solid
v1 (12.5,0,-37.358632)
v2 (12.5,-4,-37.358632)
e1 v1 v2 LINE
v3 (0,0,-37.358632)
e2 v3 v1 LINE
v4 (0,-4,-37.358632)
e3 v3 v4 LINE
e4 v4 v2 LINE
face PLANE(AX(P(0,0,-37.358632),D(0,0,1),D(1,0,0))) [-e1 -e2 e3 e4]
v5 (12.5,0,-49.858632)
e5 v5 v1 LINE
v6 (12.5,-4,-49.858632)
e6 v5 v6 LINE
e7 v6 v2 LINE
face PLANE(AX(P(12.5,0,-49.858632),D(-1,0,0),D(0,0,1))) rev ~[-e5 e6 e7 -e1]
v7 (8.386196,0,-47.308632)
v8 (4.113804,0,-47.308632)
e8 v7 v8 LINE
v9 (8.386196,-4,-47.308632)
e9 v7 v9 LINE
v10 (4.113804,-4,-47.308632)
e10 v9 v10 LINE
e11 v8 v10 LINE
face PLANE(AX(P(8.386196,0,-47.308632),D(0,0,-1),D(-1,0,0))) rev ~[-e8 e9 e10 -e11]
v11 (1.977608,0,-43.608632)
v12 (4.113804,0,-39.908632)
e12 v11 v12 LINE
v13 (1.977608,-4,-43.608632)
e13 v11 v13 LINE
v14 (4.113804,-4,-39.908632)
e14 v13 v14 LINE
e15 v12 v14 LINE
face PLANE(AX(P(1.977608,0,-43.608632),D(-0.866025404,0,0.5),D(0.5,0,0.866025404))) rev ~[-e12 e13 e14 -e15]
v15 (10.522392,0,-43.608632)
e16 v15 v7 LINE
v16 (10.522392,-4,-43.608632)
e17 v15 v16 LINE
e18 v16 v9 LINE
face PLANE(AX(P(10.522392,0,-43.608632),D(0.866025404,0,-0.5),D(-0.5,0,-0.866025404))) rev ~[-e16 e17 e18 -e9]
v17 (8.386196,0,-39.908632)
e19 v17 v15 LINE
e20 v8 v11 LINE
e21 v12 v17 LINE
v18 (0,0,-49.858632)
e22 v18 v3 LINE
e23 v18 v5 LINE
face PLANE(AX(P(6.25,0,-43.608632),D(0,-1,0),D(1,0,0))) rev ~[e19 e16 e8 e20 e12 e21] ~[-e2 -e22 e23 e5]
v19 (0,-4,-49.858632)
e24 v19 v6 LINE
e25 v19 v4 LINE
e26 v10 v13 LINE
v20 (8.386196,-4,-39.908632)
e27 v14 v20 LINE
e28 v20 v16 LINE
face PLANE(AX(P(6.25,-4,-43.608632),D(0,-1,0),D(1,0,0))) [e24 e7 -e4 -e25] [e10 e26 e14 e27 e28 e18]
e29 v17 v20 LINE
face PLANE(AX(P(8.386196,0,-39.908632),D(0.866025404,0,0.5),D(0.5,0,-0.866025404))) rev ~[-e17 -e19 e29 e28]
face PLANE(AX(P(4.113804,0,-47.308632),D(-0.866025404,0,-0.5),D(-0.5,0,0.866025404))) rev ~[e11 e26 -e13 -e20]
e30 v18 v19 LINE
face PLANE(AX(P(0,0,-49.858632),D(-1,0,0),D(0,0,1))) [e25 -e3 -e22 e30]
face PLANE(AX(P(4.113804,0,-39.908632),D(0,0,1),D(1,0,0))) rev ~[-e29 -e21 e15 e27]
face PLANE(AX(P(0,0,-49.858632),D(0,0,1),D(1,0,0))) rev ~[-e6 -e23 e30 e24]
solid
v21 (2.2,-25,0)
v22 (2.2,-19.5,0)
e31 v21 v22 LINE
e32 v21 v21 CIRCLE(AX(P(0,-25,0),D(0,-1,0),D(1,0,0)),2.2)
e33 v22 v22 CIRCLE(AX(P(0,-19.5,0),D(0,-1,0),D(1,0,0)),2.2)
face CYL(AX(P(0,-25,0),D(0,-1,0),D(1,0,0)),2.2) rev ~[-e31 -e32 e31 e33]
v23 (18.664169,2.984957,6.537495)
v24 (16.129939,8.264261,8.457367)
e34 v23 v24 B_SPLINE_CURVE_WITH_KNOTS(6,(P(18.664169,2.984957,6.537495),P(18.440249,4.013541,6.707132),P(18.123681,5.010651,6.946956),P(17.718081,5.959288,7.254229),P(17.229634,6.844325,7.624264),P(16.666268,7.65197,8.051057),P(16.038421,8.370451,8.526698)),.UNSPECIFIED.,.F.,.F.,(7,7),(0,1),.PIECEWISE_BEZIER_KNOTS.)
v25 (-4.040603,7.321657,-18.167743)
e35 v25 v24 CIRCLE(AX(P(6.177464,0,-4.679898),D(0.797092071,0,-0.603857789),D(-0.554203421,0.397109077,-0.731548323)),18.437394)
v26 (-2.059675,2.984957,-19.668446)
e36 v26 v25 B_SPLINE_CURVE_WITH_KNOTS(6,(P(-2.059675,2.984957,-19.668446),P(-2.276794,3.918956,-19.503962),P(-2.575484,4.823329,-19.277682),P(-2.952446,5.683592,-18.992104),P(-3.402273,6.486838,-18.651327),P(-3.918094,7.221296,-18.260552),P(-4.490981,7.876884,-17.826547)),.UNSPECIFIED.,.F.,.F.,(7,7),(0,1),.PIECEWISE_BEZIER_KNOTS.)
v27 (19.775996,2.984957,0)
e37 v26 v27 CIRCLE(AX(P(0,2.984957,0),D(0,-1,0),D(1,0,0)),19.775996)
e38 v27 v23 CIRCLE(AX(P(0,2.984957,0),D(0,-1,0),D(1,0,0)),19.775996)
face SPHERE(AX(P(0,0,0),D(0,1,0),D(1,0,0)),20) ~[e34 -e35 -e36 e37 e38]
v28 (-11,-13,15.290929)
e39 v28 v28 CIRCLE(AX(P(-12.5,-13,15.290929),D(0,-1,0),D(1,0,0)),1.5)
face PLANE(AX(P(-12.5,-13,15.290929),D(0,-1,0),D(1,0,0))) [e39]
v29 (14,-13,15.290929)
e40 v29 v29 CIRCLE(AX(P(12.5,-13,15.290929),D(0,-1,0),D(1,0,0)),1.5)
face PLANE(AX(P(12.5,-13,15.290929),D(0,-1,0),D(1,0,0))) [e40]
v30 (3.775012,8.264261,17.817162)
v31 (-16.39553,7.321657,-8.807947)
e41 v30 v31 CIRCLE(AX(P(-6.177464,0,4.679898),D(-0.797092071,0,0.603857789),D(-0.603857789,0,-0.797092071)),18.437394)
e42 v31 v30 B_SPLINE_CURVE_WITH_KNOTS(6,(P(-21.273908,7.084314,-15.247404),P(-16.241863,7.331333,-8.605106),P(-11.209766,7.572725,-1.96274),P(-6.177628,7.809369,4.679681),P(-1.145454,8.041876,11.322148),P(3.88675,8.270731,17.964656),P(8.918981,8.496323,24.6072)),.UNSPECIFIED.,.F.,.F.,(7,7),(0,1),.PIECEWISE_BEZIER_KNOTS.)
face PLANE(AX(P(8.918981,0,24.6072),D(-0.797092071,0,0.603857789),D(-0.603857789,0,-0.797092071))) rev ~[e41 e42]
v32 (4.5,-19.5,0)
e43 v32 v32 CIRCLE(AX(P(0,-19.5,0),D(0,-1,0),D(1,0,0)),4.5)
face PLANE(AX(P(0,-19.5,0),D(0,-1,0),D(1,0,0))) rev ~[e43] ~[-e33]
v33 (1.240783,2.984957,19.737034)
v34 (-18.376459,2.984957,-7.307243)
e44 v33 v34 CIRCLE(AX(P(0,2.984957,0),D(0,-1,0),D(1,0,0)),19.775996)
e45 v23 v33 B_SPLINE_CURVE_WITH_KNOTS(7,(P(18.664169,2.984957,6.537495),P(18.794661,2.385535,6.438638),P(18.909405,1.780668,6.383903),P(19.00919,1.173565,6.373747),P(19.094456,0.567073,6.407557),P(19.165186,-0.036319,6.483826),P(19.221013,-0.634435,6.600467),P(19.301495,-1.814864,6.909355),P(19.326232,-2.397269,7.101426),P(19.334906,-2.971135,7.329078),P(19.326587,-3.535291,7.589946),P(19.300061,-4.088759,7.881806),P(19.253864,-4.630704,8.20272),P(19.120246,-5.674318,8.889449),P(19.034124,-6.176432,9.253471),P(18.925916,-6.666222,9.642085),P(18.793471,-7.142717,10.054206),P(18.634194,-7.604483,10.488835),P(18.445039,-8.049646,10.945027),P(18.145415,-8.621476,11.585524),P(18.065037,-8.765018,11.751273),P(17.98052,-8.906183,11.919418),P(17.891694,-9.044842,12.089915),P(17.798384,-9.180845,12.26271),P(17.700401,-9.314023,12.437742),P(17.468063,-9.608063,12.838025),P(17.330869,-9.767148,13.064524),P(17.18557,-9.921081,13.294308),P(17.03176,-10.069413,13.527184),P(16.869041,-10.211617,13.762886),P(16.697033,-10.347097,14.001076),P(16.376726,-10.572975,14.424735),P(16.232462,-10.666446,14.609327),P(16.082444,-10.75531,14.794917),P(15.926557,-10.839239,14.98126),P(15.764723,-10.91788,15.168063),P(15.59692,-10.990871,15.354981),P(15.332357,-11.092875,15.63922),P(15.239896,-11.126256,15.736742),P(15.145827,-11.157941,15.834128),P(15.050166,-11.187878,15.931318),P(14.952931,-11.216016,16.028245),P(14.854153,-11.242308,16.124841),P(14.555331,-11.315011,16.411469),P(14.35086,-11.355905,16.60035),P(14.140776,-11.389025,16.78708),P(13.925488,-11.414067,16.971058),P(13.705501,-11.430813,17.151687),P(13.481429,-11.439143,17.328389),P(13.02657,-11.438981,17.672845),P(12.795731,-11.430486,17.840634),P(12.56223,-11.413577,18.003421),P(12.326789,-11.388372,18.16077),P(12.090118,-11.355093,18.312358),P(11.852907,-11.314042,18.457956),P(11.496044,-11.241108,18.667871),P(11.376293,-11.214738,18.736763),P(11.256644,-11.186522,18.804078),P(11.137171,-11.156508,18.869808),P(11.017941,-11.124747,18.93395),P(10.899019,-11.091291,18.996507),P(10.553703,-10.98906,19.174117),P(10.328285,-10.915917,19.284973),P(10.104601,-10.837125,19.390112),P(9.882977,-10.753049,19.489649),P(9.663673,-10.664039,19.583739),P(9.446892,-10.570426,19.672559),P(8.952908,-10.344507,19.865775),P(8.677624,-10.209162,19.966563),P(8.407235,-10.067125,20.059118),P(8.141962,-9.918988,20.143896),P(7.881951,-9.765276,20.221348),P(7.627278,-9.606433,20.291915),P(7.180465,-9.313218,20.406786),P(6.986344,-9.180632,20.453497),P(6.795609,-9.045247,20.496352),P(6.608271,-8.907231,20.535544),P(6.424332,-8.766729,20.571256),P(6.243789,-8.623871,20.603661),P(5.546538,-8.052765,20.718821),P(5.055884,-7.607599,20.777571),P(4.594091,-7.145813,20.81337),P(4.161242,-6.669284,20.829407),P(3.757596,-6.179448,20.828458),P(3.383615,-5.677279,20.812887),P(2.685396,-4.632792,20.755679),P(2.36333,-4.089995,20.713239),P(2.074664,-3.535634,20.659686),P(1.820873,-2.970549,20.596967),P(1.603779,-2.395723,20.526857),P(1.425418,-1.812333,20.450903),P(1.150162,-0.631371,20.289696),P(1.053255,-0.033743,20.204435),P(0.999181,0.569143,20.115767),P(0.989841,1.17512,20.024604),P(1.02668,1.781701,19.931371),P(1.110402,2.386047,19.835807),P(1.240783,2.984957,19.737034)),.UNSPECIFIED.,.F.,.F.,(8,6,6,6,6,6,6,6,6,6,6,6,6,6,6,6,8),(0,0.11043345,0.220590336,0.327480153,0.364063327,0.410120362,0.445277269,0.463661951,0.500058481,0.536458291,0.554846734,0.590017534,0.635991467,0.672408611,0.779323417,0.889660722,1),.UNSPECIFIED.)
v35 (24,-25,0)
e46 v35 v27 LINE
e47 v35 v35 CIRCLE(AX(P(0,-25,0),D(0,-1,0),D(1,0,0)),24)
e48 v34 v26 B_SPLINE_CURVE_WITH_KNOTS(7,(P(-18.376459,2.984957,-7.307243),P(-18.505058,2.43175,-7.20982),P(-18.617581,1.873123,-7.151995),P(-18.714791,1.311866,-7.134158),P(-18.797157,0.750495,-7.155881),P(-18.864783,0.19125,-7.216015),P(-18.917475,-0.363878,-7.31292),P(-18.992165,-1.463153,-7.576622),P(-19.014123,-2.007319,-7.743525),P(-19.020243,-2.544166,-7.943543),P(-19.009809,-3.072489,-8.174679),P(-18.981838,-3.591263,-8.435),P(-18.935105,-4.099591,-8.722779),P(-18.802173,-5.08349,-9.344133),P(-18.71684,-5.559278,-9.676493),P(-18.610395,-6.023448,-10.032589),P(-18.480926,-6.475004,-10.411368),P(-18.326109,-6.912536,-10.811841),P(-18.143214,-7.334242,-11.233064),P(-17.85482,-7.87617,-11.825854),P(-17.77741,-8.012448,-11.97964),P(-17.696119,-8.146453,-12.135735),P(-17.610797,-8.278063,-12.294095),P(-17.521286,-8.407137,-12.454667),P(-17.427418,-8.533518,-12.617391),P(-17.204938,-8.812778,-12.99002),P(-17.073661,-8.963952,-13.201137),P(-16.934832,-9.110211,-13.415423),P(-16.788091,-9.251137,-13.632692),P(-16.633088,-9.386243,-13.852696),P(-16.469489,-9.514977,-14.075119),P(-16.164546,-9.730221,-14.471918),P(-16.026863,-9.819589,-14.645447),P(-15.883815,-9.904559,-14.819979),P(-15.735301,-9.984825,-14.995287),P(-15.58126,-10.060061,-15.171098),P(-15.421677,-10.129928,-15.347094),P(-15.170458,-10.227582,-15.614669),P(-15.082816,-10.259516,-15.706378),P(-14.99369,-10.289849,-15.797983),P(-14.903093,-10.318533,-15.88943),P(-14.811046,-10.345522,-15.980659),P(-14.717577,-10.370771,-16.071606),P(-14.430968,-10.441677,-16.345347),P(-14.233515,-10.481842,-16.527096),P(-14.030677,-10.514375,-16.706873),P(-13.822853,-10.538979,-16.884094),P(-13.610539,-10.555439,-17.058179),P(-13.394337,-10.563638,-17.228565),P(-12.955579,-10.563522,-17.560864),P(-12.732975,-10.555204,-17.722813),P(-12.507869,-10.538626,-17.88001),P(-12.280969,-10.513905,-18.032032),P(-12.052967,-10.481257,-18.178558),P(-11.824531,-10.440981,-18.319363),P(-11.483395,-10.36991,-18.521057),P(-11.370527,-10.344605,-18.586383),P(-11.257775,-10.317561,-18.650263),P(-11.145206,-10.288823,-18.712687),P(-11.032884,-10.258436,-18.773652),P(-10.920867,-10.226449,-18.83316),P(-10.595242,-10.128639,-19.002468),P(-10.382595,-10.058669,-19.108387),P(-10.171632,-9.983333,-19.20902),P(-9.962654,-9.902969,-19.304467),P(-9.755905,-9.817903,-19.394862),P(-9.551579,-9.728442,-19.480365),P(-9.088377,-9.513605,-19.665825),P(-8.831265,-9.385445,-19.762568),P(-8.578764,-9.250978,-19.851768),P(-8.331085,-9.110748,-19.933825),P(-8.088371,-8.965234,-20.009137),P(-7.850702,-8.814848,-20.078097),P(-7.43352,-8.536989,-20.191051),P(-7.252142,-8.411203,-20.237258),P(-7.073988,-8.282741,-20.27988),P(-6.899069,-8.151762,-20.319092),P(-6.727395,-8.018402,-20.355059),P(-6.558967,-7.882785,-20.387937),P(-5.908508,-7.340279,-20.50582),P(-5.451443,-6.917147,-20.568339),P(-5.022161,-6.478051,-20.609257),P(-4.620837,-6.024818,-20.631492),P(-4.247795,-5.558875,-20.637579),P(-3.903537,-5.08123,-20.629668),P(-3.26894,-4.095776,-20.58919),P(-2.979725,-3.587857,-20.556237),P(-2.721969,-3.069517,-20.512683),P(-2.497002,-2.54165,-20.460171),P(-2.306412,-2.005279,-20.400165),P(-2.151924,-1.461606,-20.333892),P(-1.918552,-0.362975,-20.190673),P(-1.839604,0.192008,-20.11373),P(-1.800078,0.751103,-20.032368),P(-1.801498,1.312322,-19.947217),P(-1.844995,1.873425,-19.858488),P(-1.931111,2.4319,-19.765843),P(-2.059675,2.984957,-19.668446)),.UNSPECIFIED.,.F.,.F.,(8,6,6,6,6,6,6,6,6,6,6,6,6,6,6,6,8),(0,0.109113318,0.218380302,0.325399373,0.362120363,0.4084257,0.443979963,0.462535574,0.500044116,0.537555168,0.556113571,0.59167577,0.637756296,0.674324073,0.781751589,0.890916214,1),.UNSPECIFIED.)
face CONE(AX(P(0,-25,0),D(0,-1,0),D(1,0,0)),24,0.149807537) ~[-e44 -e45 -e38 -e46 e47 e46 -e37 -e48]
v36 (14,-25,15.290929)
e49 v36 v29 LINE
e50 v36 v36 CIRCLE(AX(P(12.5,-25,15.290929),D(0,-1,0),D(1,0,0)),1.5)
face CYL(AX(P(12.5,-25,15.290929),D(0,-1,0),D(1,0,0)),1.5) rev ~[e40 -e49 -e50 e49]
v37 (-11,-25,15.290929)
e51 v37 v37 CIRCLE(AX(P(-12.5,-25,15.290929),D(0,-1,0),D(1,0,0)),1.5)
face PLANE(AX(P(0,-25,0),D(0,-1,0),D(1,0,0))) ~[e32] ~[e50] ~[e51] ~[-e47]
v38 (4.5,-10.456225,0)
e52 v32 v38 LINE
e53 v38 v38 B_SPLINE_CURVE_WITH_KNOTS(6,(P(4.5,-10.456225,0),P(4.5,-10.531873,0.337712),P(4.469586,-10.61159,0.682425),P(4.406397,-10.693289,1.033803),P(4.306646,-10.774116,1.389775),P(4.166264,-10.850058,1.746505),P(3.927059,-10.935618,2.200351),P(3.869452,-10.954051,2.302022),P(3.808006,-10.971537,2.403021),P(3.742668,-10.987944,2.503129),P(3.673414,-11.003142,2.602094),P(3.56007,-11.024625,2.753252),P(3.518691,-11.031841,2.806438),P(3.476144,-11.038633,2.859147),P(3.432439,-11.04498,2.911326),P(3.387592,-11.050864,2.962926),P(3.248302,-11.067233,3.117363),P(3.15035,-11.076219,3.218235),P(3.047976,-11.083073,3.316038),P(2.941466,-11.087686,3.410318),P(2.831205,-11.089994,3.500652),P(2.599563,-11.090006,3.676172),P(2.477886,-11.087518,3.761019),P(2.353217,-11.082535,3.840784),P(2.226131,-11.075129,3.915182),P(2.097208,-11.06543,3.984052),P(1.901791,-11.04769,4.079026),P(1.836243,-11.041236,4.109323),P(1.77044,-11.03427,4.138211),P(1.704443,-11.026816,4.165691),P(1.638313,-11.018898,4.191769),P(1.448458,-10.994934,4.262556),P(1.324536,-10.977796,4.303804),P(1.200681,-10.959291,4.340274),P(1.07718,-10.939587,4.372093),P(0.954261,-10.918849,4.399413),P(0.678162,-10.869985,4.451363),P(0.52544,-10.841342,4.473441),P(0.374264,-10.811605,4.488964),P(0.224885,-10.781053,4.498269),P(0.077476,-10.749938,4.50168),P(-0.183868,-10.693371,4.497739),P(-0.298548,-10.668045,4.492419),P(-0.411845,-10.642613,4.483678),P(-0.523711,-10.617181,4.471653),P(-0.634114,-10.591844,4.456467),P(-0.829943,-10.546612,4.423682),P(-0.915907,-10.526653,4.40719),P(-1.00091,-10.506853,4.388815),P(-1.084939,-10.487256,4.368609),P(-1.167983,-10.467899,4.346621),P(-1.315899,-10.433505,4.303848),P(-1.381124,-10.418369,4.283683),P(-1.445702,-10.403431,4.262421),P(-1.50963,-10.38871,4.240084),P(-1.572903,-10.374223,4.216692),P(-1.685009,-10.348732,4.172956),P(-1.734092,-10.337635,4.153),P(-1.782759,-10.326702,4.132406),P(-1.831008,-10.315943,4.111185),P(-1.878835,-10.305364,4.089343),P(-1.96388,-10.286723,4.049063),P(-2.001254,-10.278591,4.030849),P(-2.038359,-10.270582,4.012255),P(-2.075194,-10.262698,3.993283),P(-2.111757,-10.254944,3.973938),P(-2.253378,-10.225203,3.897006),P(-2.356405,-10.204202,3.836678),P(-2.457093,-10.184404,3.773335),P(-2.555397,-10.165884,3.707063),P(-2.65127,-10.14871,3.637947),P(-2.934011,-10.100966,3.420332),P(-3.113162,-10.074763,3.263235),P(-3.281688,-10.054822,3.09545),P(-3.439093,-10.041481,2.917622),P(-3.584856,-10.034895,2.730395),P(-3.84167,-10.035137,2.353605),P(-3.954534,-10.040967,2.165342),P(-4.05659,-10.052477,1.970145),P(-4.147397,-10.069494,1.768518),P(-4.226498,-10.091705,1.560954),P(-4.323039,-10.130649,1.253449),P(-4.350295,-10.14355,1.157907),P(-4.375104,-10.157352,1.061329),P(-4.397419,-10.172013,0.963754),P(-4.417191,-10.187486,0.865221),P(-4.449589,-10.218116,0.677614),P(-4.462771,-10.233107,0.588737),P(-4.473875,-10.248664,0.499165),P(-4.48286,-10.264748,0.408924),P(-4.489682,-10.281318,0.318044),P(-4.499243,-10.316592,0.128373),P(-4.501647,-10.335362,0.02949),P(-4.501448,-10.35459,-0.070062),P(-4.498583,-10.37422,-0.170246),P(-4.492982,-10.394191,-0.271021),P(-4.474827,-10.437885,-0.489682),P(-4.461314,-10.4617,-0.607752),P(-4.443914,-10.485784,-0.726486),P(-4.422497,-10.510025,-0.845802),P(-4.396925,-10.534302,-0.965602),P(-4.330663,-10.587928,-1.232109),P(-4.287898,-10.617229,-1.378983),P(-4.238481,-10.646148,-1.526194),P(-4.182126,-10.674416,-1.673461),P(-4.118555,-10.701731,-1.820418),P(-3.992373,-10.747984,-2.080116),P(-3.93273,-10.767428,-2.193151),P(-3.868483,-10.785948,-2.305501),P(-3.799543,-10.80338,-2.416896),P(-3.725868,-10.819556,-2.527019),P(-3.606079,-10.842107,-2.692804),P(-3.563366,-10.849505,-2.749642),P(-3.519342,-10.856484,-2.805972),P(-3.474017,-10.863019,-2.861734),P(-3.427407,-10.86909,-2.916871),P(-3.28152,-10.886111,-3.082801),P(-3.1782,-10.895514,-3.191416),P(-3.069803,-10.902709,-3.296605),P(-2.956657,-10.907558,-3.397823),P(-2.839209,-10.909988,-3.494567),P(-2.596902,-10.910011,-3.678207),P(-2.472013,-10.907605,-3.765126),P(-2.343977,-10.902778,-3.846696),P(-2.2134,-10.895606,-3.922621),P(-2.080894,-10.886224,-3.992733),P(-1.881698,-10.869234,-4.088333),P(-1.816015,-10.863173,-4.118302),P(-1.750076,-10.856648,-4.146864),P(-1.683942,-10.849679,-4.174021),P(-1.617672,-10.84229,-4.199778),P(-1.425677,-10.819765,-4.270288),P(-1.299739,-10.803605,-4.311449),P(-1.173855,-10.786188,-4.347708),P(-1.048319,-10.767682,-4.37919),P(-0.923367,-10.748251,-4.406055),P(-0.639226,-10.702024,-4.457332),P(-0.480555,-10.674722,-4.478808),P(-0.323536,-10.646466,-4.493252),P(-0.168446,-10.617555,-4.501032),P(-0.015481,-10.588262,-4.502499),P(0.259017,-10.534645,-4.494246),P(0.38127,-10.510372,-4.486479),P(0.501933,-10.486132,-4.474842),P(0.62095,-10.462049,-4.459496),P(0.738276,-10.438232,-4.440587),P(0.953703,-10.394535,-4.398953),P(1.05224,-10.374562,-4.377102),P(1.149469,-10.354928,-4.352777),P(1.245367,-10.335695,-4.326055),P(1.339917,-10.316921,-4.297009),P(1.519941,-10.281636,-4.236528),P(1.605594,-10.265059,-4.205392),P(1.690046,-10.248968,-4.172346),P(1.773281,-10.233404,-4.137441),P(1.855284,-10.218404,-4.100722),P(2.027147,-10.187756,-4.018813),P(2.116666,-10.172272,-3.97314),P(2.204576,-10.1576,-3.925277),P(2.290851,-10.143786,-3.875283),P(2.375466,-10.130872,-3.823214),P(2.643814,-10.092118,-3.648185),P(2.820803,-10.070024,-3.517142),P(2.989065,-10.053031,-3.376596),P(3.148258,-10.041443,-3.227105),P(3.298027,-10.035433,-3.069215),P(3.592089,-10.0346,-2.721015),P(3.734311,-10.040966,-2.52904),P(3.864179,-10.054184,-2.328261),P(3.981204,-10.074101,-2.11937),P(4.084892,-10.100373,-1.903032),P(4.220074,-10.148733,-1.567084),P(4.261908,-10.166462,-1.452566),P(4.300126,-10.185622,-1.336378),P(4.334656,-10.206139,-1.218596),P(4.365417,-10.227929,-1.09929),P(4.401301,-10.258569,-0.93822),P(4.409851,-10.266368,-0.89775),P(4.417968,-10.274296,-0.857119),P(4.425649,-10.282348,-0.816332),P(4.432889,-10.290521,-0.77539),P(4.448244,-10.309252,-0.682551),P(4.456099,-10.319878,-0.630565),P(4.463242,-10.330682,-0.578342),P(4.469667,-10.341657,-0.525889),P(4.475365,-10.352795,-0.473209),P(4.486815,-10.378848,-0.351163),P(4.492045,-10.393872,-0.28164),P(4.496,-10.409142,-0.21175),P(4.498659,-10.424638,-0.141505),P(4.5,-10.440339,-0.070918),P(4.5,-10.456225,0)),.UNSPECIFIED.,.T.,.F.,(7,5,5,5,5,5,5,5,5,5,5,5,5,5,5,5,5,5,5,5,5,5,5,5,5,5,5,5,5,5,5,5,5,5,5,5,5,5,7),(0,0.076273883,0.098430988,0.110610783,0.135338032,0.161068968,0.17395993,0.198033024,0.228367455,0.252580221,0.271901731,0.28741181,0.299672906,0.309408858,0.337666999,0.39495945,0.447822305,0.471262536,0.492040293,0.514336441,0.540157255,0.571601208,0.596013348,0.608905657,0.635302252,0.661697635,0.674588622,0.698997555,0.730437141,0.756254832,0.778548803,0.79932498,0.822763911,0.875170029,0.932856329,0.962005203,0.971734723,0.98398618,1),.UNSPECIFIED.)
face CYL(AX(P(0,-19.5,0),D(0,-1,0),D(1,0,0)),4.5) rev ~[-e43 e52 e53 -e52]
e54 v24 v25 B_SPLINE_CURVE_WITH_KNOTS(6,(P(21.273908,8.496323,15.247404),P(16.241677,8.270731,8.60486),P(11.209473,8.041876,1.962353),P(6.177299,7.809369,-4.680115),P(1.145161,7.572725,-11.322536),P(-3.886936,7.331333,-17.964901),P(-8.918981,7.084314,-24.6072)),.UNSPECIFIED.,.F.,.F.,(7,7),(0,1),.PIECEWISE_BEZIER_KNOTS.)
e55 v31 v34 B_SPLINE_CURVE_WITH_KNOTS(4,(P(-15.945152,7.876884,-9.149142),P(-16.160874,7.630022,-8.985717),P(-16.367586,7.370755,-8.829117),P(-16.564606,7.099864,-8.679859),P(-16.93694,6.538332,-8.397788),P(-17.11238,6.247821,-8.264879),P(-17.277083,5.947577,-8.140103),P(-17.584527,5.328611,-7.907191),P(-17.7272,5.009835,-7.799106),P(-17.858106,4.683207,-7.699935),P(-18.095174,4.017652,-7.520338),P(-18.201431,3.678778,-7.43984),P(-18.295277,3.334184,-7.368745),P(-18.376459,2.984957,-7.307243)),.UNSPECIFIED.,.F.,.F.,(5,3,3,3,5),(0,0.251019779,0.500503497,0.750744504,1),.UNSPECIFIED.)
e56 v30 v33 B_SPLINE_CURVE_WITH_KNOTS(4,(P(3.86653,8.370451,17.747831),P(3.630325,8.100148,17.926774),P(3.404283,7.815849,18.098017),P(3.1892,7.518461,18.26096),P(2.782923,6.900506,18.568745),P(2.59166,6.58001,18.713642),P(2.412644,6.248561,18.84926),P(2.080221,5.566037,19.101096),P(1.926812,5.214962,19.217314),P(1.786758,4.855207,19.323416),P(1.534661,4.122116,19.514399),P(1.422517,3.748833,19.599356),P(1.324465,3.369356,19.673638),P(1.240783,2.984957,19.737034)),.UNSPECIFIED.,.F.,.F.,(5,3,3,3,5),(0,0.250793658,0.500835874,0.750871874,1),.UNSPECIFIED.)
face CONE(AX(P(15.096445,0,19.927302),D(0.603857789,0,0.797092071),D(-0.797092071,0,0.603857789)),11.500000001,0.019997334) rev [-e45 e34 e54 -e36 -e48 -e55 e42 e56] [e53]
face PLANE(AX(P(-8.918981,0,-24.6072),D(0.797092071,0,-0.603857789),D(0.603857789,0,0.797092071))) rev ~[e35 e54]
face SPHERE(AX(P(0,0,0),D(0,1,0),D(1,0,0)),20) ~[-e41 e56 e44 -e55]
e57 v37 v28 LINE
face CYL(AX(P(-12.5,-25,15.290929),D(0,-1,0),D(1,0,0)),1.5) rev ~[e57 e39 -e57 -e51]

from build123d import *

# Parameters (mm, degrees)
F3_DEPTH  = 25
F7_R      = 2.2
F8_DEPTH  = 5.5
F9_R      = 4.5
F10_DEPTH = 37.9383941675
F11_W     = 12.5
F11_H     = 12.5
F12_DEPTH = 4
F13_R     = 1.5
F14_DEPTH = 12


with BuildPart() as f1:
    # F0 (on Front) → F1 (revolve)
    with BuildSketch(Plane.XZ):
        Polygon((-23.4659114849, -13.5867949931), (-15.0964447363, -19.9273017823), (15.0964447363, 19.9273017823), (5.9298859165, 26.871666361), align=None)
    revolve(axis=Axis((0, 0, 0), (0.6038577895, 0, 0.7970920713)))

    # F2 (on Front) → F3 (join)
    with BuildSketch(Plane.XZ):
        Polygon((-8.9189811838, -24.6071996506), (21.2739082888, 15.2474039141), (8.9189811838, 24.6071996506), (-21.2739082888, -15.2474039141), align=None)
    extrude(amount=-F3_DEPTH)


with BuildPart() as f5:
    # F4 (on Top) → F5 (revolve)
    with BuildSketch(Plane.XY):
        with BuildLine():
            Line((0, 20), (0, -25))
            Line((0, -25), (24, -25))
            Line((24, -25), (19.7759964181, 2.9849565613))
            ThreePointArc((19.7759964181, 2.9849565613), (13.0441724301, 15.160790402), (0, 20))
        make_face()
    revolve(axis=Axis((0, -2.5, 0), (0, -1, 0)))

    # F6: cut F1
    add(f1.part, mode=Mode.SUBTRACT)

    # F7 (on face) → F8 (cut)
    with BuildSketch(Plane.XZ.offset(25)):
        Circle(F7_R)
    extrude(amount=-F8_DEPTH, mode=Mode.SUBTRACT)

    # F9 (on face) → F10 (cut, through all)
    with BuildSketch(Plane.XZ.offset(19.5)):
        Circle(F9_R)
    extrude(amount=-F10_DEPTH, mode=Mode.SUBTRACT)

    # F13 (on face) → F14 (cut)
    with BuildSketch(Plane.XZ.offset(25)):
        with Locations((-12.5, 15.2909286834)):
            Circle(F13_R)
        with Locations((12.5, 15.2909286834)):
            Circle(F13_R)
    extrude(amount=-F14_DEPTH, mode=Mode.SUBTRACT)


with BuildPart() as f12:
    # F11 (on Front) → F12 (new body)
    with BuildSketch(Plane.XZ):
        with Locations((6.25, -43.6086319515)):
            Rectangle(F11_W, F11_H)
        Polygon((1.977608008, -43.6086319515), (4.113804004, -39.9086319515), (8.386195996, -39.9086319515), (10.522391992, -43.6086319515), (8.386195996, -47.3086319515), (4.113804004, -47.3086319515), align=None, mode=Mode.SUBTRACT)
    extrude(amount=F12_DEPTH)


solid = Compound([f5.part, f12.part])
